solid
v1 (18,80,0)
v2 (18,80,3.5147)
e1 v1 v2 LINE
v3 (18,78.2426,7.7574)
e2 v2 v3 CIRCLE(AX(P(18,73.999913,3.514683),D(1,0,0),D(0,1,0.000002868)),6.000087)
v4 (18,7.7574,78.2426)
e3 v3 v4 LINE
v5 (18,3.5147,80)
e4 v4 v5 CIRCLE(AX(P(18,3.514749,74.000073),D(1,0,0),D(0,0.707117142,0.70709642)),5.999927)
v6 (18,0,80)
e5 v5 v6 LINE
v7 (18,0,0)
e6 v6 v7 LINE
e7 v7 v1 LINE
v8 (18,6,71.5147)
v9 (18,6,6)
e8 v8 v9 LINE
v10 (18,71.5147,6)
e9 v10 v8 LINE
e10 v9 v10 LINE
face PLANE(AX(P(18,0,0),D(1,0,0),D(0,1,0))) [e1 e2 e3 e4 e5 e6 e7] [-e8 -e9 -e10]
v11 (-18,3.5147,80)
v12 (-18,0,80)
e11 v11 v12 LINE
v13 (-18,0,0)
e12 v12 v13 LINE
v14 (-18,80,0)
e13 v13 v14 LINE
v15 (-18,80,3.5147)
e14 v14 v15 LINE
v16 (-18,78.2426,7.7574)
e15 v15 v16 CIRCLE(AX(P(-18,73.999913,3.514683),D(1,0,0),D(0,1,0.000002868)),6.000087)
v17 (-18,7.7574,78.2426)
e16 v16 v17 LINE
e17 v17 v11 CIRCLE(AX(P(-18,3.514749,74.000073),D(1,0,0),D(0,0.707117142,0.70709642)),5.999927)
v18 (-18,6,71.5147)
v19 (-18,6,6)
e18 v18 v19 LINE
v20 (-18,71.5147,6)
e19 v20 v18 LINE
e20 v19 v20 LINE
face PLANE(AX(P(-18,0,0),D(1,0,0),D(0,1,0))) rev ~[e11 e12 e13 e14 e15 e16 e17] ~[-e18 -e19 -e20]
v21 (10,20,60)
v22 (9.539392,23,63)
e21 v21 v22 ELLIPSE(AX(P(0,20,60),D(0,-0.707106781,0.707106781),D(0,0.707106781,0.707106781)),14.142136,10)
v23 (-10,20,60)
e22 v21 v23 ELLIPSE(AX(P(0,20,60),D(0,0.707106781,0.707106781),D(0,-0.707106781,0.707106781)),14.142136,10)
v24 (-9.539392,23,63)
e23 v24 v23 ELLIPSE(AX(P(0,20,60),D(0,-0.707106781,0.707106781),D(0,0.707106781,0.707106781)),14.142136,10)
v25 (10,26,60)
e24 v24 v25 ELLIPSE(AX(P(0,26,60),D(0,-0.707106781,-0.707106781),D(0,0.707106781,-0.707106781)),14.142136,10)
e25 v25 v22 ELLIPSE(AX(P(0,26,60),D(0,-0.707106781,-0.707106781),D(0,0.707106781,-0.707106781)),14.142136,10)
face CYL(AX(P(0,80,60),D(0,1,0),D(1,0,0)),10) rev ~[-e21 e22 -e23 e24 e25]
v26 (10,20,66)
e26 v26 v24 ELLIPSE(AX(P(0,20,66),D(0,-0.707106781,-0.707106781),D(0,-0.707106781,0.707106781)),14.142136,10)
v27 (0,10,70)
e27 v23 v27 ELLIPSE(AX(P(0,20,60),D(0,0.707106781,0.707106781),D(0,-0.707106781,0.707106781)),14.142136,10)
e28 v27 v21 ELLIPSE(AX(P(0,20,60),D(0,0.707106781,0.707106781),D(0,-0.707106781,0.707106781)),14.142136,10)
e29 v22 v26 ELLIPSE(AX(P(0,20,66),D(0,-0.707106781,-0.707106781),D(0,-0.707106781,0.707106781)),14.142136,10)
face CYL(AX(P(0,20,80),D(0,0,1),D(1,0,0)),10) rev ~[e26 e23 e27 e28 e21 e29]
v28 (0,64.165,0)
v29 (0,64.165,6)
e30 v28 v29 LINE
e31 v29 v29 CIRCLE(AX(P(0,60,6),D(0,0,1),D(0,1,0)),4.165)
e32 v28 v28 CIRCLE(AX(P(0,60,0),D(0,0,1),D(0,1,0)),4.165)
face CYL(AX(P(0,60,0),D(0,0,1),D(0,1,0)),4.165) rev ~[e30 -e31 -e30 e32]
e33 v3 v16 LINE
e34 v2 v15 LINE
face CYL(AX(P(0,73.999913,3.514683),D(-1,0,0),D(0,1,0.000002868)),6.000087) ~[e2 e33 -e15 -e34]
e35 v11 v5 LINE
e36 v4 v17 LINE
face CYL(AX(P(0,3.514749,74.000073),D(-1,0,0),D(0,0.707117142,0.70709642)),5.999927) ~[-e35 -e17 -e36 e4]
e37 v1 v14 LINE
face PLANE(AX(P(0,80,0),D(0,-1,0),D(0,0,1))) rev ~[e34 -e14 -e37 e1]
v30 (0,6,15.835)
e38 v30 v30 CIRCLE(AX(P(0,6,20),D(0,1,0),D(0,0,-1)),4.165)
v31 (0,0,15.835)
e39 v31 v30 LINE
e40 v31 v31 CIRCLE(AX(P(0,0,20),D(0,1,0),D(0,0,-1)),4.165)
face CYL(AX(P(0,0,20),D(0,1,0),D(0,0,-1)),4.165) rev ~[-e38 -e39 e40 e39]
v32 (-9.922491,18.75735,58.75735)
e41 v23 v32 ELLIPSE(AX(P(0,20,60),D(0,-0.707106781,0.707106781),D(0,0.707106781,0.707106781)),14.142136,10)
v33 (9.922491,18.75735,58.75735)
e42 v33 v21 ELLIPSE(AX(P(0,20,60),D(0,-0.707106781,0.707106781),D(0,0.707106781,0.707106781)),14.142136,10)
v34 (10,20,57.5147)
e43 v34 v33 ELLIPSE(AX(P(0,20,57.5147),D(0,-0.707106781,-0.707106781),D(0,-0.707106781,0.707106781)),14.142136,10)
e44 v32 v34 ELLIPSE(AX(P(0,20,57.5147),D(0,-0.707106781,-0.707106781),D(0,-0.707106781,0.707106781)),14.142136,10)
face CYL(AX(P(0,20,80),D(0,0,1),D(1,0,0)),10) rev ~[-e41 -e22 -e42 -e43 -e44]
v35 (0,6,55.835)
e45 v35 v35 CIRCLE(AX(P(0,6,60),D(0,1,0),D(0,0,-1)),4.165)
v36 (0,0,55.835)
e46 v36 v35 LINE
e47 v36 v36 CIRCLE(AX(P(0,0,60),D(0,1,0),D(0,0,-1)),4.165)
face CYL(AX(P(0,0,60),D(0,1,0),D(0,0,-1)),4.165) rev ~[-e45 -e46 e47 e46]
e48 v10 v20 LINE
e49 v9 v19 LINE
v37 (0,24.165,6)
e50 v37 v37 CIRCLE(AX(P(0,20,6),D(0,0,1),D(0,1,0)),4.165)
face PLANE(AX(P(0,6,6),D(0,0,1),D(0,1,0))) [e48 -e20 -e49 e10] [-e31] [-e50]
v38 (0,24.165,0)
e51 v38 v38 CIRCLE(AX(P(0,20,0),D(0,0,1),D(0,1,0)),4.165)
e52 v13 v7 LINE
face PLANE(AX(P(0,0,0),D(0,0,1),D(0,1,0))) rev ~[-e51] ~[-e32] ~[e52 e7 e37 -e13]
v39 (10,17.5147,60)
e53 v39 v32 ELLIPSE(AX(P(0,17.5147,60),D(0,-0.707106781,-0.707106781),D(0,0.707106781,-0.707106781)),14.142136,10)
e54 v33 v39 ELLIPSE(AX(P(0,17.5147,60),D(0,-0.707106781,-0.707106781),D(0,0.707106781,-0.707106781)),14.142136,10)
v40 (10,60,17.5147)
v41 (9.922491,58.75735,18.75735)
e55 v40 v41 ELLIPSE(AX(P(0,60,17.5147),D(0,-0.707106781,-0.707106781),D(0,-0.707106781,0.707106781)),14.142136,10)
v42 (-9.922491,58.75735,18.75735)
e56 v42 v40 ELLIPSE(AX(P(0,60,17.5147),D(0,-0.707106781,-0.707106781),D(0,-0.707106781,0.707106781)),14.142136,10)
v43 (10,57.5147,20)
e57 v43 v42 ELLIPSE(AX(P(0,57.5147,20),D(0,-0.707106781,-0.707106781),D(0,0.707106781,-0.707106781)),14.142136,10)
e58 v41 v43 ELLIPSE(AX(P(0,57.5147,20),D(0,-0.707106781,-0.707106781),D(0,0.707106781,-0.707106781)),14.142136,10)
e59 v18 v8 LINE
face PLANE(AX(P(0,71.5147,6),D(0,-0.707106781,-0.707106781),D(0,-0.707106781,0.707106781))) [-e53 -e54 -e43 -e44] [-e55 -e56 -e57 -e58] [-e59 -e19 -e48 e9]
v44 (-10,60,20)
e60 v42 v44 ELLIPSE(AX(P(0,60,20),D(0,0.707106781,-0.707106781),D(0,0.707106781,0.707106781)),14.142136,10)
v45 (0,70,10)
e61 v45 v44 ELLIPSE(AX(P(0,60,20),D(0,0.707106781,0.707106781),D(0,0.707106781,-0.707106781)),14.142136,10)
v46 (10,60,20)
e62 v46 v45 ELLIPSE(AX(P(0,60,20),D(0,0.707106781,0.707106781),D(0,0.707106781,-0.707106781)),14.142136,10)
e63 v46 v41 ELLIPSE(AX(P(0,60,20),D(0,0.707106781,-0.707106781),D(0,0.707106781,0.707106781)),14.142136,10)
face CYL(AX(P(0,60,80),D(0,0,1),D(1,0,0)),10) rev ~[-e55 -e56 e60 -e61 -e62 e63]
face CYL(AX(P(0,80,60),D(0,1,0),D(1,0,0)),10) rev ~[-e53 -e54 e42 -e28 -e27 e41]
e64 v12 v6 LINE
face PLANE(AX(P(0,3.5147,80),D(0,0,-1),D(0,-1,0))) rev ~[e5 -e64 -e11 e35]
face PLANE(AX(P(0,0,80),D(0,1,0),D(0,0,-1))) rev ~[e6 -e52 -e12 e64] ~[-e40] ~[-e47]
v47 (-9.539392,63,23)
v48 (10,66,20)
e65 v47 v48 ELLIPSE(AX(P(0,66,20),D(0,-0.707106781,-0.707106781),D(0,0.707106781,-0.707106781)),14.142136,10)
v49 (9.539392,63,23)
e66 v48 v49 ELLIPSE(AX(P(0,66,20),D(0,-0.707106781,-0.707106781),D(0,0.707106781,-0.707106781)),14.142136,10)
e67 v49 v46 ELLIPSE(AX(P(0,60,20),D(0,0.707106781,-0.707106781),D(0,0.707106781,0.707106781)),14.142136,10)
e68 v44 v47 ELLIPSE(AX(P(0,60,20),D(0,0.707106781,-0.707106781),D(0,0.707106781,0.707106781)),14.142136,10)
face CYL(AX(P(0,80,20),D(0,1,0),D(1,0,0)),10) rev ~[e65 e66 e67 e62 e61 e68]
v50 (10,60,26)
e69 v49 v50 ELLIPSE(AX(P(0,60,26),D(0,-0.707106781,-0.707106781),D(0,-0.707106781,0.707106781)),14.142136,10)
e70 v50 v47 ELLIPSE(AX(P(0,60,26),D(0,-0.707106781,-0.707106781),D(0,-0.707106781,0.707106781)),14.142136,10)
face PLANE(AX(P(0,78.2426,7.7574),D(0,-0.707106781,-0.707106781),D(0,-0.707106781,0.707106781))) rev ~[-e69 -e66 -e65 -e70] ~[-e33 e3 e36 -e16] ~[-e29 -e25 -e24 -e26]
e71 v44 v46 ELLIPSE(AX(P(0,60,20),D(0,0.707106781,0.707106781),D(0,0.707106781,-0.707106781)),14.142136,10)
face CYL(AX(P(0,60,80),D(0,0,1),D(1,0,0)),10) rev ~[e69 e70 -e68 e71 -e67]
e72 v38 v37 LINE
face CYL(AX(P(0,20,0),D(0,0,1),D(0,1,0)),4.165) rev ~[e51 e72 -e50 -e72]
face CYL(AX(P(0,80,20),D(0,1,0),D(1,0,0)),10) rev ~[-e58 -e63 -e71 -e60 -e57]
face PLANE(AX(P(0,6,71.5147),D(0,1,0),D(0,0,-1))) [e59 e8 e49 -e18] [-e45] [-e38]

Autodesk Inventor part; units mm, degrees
ref_plane "YZ Plane" through (0, 0, 0) normal (1, 0, 0) x (0, 1, 0)
ref_plane "XZ Plane" through (0, 0, 0) normal (0, 1, 0) x (-1, 0, 0)
ref_plane "XY Plane" through (0, 0, 0) normal (0, 0, 1) x (1, 0, 0)
sketch "Sketch_1" plane through (0, 0, 0) normal (1, 0, 0) x (0, 1, 0)
  line L0 (3.5147, 80) -> (0, 80)
  line L1 (0, 80) -> (0, 0)
  line L2 (0, 0) -> (80, 0)
  line L3 (80, 0) -> (80, 3.5147)
  arc A0 (80, 3.5147) -> (78.2426, 7.7574) centre (74, 3.5147) ccw
  line L4 (78.2426, 7.7574) -> (7.7574, 78.2426)
  arc A1 (7.7574, 78.2426) -> (3.5147, 80) centre (3.5147, 74) ccw
  line L5 (6, 71.5147) -> (6, 6)
  line L6 (6, 6) -> (71.5147, 6)
  line L7 (71.5147, 6) -> (6, 71.5147)
extrude "Extrusion1" add sketch "Sketch_1" along normal mid plane 36
sketch "Sketch2" plane through (-18, 0, 0) normal (0, -1, 0) x (1, 0, 0)
  point P0 (18, 20)
hole "Hole1" at (0, 0, 20) direction (0, 1, 0) diameter 8.33 depth 6
sketch "Sketch3" plane through (18, 80, 0) normal (0, 0, -1) x (-1, 0, 0)
  point P0 (18, -60)
hole "Hole2" at (0, 20, 0) direction (0, 0, 1) diameter 8.33 depth 6
sketch "Sketch_4" plane through (0, 0, 80) normal (0, 0, 1) x (1, 0, 0)
  circle A0 centre (0, 20) radius 10
extrude "Extrusion2" cut sketch "Sketch_4" against normal blind 74
sketch "Sketch_5" plane through (0, 80, 0) normal (0, 1, 0) x (1, 0, 0)
  circle A0 centre (0, -20) radius 10
extrude "Extrusion3" cut sketch "Sketch_5" against normal blind 74
sketch "Sketch6" plane through (18, 80, 0) normal (0, 0, -1) x (-1, 0, 0)
  point P0 (18, -20)
hole "Hole3" at (0, 60, 0) direction (0, 0, 1) diameter 8.33 depth 6
sketch "Sketch7" plane through (-18, 0, 0) normal (0, -1, 0) x (1, 0, 0)
  point P0 (18, 60)
hole "Hole4" at (0, 0, 60) direction (0, 1, 0) diameter 8.33 depth 6
sketch "Sketch_8" plane through (0, 0, 80) normal (0, 0, 1) x (1, 0, 0)
  circle A0 centre (0, 60) radius 10
extrude "Extrusion4" cut sketch "Sketch_8" against normal blind 74
sketch "Sketch_9" plane through (0, 80, 0) normal (0, 1, 0) x (1, 0, 0)
  circle A0 centre (0, -60) radius 10
extrude "Extrusion5" cut sketch "Sketch_9" against normal blind 74
properties part number "40-4336 Aluminum"
